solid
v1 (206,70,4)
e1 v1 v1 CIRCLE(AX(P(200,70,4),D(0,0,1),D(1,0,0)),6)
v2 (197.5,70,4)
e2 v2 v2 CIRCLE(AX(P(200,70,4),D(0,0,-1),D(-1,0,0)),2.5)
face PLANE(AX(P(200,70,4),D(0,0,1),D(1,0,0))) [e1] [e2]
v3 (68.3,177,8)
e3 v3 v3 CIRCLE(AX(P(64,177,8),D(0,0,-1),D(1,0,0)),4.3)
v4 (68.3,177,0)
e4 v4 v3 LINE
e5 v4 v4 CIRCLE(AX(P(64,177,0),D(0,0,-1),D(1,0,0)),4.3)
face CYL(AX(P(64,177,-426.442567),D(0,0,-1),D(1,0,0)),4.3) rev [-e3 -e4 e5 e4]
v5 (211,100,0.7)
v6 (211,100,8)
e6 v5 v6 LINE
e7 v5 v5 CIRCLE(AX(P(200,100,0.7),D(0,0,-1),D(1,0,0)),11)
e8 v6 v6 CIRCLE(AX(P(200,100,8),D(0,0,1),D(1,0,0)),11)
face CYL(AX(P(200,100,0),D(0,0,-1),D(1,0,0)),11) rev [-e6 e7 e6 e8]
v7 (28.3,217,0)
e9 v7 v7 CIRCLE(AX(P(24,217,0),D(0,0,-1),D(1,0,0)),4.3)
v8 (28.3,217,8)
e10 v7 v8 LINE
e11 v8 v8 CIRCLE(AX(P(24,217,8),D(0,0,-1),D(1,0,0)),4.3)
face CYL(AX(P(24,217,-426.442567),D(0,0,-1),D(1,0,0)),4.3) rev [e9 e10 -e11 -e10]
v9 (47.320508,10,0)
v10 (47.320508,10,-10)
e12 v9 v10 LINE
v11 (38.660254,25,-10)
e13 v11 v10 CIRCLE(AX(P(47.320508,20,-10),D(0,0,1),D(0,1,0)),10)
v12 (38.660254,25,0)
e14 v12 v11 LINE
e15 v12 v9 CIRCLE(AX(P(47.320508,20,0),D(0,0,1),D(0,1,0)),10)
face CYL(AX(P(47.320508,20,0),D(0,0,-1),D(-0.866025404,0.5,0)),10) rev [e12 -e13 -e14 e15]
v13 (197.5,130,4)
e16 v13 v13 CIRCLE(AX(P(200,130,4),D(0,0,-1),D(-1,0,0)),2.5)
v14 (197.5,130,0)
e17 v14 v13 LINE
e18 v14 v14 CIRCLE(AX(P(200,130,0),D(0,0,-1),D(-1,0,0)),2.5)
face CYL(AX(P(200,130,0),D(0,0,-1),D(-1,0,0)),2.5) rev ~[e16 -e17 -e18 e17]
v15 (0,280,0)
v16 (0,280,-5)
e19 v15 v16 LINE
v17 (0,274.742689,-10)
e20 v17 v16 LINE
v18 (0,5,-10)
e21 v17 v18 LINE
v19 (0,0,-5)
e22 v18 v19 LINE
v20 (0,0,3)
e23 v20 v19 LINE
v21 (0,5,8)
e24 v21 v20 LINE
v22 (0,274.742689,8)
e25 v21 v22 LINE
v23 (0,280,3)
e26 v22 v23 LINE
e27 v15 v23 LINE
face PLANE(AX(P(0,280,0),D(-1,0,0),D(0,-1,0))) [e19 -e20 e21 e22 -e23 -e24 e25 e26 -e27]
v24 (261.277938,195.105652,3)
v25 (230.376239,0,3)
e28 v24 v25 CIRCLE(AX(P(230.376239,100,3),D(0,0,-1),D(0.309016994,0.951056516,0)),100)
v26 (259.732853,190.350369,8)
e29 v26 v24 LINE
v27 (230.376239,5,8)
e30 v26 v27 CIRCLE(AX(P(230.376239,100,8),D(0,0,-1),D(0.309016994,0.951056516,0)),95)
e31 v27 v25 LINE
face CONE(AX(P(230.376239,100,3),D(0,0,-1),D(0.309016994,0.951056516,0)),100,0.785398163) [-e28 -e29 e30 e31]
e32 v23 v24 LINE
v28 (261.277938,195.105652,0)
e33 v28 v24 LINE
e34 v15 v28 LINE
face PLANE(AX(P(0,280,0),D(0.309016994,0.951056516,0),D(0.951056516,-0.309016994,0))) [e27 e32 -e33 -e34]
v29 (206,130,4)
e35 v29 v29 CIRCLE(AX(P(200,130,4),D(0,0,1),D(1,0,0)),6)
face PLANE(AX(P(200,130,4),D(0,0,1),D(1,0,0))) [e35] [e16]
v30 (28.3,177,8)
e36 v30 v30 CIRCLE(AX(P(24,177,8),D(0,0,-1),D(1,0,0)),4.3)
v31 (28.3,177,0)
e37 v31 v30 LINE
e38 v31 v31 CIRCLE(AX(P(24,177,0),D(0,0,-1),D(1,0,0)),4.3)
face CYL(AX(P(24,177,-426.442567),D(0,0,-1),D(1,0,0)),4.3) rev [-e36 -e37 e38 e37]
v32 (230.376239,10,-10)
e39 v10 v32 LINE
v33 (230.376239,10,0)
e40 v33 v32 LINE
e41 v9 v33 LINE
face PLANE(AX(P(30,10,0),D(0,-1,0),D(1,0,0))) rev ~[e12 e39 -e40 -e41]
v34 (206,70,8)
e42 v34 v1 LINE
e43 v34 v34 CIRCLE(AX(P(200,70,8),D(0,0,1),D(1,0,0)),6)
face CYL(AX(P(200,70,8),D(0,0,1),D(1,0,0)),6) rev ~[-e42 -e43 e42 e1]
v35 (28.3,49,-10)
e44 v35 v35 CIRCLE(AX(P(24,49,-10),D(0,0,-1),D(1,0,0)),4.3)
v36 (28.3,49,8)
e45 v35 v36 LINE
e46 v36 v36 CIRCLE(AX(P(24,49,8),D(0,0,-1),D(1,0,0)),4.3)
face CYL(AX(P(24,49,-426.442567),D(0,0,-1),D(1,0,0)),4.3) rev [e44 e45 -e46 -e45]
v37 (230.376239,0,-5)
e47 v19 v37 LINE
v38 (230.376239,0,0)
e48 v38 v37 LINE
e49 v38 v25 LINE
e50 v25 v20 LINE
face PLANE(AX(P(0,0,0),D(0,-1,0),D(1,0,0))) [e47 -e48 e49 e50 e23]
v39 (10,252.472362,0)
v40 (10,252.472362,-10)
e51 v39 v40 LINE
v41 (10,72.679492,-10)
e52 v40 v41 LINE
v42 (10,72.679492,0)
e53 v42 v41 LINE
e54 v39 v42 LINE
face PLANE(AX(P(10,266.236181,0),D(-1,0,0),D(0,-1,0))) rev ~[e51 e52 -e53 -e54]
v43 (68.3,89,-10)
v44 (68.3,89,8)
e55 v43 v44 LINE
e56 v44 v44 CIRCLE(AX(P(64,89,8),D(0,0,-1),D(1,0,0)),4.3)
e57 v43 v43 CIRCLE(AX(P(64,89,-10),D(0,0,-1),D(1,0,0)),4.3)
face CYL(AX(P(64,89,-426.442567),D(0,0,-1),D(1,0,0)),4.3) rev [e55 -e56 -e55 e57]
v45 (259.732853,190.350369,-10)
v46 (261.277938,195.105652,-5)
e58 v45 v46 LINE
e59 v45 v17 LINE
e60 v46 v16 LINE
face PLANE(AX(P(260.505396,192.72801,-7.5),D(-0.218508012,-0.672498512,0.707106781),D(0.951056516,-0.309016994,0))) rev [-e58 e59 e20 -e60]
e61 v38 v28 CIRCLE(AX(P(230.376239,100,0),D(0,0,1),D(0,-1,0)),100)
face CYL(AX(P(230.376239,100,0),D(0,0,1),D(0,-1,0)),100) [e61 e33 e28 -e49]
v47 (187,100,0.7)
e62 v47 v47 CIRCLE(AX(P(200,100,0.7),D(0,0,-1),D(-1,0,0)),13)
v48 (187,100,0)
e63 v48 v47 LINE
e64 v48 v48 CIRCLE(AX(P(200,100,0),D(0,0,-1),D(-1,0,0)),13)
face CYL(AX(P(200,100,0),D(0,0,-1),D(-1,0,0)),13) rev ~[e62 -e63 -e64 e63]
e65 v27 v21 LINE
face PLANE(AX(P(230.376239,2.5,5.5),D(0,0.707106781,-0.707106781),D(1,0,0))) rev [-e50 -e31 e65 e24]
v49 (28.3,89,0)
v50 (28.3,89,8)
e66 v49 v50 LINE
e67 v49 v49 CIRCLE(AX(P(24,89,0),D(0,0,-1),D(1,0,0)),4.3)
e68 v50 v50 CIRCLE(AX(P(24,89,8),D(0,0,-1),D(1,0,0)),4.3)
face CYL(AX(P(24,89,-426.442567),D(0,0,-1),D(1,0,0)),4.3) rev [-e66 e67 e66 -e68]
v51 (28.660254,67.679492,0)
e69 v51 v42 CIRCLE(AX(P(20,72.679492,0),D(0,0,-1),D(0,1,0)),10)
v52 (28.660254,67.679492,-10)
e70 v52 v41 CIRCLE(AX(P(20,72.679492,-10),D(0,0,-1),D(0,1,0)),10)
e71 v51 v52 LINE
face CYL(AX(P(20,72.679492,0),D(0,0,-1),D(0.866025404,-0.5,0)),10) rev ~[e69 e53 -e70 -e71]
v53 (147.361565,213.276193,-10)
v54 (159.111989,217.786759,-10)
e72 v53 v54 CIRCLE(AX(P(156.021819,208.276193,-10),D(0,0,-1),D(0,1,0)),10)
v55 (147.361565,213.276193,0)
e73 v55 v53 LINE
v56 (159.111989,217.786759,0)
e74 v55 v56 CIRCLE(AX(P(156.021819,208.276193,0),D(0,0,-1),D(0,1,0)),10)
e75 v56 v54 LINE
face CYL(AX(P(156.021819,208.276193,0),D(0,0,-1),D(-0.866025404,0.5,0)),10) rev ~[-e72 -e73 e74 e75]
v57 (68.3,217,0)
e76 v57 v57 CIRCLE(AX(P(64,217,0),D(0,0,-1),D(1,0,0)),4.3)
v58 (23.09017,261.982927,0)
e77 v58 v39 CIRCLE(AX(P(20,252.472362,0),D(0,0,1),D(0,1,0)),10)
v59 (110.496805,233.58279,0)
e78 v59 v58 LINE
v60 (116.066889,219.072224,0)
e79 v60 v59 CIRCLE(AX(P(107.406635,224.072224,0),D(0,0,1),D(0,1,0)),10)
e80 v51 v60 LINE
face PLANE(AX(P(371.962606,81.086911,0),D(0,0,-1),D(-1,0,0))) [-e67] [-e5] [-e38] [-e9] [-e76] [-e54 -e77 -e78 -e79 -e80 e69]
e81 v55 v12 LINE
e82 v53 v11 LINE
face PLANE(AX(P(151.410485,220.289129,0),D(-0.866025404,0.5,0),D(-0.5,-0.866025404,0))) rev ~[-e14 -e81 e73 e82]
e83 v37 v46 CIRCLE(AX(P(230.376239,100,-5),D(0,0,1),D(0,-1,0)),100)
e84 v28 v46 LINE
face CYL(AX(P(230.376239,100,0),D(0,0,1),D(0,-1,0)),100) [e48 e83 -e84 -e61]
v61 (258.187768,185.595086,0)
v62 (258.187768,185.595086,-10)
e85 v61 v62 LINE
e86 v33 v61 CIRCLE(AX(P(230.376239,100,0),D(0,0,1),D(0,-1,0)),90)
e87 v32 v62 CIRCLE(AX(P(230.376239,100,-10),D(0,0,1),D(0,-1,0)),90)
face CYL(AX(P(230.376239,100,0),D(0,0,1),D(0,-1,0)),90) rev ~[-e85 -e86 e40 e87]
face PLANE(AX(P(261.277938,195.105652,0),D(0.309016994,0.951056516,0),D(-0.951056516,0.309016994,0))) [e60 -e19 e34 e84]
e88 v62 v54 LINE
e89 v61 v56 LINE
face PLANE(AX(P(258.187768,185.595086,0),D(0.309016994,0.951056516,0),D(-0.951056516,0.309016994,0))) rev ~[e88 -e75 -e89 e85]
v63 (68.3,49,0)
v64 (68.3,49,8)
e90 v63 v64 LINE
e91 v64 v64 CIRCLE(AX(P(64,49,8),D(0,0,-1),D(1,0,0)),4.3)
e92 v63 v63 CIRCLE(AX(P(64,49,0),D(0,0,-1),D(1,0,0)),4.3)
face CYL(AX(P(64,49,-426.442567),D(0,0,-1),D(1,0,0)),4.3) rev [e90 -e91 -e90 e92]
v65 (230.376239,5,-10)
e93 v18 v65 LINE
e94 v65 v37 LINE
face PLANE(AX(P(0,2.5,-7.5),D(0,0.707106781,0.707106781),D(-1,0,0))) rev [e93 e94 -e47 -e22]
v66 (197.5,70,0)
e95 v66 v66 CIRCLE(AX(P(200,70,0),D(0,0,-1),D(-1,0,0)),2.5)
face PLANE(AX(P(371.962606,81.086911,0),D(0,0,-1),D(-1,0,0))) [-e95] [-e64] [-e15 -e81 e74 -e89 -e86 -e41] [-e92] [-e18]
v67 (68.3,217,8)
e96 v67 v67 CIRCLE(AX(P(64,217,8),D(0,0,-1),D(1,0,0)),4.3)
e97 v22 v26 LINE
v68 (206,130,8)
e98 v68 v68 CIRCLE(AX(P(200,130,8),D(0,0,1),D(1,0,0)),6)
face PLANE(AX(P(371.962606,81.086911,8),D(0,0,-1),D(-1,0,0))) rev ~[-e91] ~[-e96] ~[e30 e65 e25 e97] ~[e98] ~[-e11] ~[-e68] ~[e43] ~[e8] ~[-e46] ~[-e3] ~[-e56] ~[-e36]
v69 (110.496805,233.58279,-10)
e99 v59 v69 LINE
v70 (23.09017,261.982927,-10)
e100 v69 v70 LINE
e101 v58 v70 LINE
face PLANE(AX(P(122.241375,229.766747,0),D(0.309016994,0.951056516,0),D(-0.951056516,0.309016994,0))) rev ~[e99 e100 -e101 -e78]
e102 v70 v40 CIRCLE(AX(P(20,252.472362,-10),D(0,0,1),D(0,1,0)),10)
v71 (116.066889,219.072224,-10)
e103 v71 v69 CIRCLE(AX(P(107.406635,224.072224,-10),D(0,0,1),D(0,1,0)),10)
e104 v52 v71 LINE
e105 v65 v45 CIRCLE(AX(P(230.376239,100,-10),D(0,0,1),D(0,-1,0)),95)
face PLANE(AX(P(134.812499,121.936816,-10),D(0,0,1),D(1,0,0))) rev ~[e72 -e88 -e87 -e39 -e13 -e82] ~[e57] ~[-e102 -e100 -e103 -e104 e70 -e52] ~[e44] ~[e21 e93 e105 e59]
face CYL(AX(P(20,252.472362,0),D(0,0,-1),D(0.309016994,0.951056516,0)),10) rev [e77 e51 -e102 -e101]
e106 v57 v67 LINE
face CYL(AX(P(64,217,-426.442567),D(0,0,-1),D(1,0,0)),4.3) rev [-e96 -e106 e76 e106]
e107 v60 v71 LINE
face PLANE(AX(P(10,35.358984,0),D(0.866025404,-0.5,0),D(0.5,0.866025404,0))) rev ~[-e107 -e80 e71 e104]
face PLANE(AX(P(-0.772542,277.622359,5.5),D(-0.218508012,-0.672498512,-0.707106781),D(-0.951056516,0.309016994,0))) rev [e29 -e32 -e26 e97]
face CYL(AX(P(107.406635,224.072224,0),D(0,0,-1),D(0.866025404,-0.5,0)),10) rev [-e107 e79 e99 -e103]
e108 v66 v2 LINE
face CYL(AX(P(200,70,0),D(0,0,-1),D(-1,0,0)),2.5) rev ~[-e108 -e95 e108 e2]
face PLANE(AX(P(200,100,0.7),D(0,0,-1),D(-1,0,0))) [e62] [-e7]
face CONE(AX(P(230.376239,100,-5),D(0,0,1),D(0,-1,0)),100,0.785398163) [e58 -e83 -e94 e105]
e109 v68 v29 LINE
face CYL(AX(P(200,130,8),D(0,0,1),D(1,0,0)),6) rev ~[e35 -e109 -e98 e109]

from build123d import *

# Parameters (mm, degrees)
SKETCH_1_R               = 11
EXTRUDE_1_DEPTH          = 8
FILLET_1_R               = 100
EXTRUDE_2_DEPTH          = 10
FILLET_2_R               = 10
CHAMFER_1_SIZE           = 5
SKETCH_4_R               = 13
CUT_EXTRUDE_1_DEPTH      = 0.7
SKETCH_5_R               = 2.5
CUT_EXTRUDE_2_DEPTH      = 434.184093957
SKETCH_6_R               = 6
CUT_EXTRUDE_3_DEPTH      = 4
CUT_EXTRUDE_4_DEPTH      = 434.442567426
CUT_EXTRUDE_4_DEPTH_BACK = 434.442567426
SKETCH_7_R               = 4.3


with BuildPart() as part:
    # 草图1 → 凸台-拉伸1 (new body)
    with BuildSketch(Plane.XY):
        Polygon((0, 0), (0, 280), (861.751390409, 0), align=None)
        with Locations((200, 100)):
            Circle(SKETCH_1_R, mode=Mode.SUBTRACT)
    extrude(amount=EXTRUDE_1_DEPTH)

    # 圆角1
    fillet_1_edges = [part.edges().sort_by_distance(p)[0] for p in [
        (861.751390409, 0, 4),
    ]]
    fillet(fillet_1_edges, radius=FILLET_1_R)

    # 草图2 → 凸台-拉伸2 (add)
    with BuildSketch(Plane.XY):
        with BuildLine():
            Line((0, 280), (0, 0))
            Line((0, 0), (230.376238942, 0))
            ThreePointArc((230.376238942, 0), (329.145073001, 84.356553496), (261.277938379, 195.10565163))
            Line((261.277938379, 195.10565163), (0, 280))
        make_face()
        with BuildLine():
            Line((230.376238942, 10), (30, 10))
            Line((30, 10), (151.410485182, 220.289128906))
            Line((151.410485182, 220.289128906), (258.187768435, 185.595086467))
            ThreePointArc((258.187768435, 185.595086467), (319.268189595, 85.920898146), (230.376238942, 10))
        make_face(mode=Mode.SUBTRACT)
        Polygon((10, 35.358983849), (10, 266.236180795), (122.241374643, 229.766747442), align=None, mode=Mode.SUBTRACT)
    extrude(amount=-EXTRUDE_2_DEPTH)

    # 圆角2
    fillet_2_edges = [part.edges().sort_by_distance(p)[0] for p in [
        (10, 35.358983849, -5),
        (30, 10, -5),
        (122.241374643, 229.766747442, -5),
        (151.410485182, 220.289128906, -5),
        (10, 266.236180795, -5),
    ]]
    fillet(fillet_2_edges, radius=FILLET_2_R)

    # 倒角1
    chamfer_1_edges = [part.edges().sort_by_distance(p)[0] for p in [
        (115.188119471, 0, 8),
        (130.63896919, 237.552825815, 8),
        (329.145073001, 84.356553496, 8),
        (130.63896919, 237.552825815, -10),
        (115.188119471, 0, -10),
        (329.145073001, 84.356553496, -10),
    ]]
    chamfer(chamfer_1_edges, length=CHAMFER_1_SIZE)

    # 草图4 → 切除-拉伸1 (cut)
    with BuildSketch(Plane(origin=(0, 0, 0), x_dir=(-1, 0, 0), z_dir=(0, 0, -1))):
        with Locations((-200, 100)):
            Circle(SKETCH_4_R)
    extrude(amount=-CUT_EXTRUDE_1_DEPTH, mode=Mode.SUBTRACT)

    # 草图5 → 切除-拉伸2 (cut, through all)
    with BuildSketch(Plane(origin=(0, 0, 0), x_dir=(-1, 0, 0), z_dir=(0, 0, -1))):
        with Locations((-200, 130)):
            Circle(SKETCH_5_R)
        with Locations((-200, 70)):
            Circle(SKETCH_5_R)
    extrude(amount=-CUT_EXTRUDE_2_DEPTH, mode=Mode.SUBTRACT)

    # 草图6 → 切除-拉伸3 (cut)
    with BuildSketch(Plane.XY.offset(8)):
        with Locations((200, 130)):
            Circle(SKETCH_6_R)
        with Locations((200, 70)):
            Circle(SKETCH_6_R)
    extrude(amount=-CUT_EXTRUDE_3_DEPTH, mode=Mode.SUBTRACT)

    # 草图7 → 切除-拉伸4 (cut, two sides: drawn at the far end of the back side and taken through both)
    with BuildSketch(Plane.XY.offset(8).offset(-CUT_EXTRUDE_4_DEPTH_BACK)):
        with Locations((64, 217)):
            Circle(SKETCH_7_R)
        with Locations((24, 217)):
            Circle(SKETCH_7_R)
        with Locations((64, 177)):
            Circle(SKETCH_7_R)
        with Locations((24, 177)):
            Circle(SKETCH_7_R)
        with Locations((64, 89)):
            Circle(SKETCH_7_R)
        with Locations((24, 89)):
            Circle(SKETCH_7_R)
        with Locations((64, 49)):
            Circle(SKETCH_7_R)
        with Locations((24, 49)):
            Circle(SKETCH_7_R)
    extrude(amount=CUT_EXTRUDE_4_DEPTH + CUT_EXTRUDE_4_DEPTH_BACK, mode=Mode.SUBTRACT)


solid = part.part
